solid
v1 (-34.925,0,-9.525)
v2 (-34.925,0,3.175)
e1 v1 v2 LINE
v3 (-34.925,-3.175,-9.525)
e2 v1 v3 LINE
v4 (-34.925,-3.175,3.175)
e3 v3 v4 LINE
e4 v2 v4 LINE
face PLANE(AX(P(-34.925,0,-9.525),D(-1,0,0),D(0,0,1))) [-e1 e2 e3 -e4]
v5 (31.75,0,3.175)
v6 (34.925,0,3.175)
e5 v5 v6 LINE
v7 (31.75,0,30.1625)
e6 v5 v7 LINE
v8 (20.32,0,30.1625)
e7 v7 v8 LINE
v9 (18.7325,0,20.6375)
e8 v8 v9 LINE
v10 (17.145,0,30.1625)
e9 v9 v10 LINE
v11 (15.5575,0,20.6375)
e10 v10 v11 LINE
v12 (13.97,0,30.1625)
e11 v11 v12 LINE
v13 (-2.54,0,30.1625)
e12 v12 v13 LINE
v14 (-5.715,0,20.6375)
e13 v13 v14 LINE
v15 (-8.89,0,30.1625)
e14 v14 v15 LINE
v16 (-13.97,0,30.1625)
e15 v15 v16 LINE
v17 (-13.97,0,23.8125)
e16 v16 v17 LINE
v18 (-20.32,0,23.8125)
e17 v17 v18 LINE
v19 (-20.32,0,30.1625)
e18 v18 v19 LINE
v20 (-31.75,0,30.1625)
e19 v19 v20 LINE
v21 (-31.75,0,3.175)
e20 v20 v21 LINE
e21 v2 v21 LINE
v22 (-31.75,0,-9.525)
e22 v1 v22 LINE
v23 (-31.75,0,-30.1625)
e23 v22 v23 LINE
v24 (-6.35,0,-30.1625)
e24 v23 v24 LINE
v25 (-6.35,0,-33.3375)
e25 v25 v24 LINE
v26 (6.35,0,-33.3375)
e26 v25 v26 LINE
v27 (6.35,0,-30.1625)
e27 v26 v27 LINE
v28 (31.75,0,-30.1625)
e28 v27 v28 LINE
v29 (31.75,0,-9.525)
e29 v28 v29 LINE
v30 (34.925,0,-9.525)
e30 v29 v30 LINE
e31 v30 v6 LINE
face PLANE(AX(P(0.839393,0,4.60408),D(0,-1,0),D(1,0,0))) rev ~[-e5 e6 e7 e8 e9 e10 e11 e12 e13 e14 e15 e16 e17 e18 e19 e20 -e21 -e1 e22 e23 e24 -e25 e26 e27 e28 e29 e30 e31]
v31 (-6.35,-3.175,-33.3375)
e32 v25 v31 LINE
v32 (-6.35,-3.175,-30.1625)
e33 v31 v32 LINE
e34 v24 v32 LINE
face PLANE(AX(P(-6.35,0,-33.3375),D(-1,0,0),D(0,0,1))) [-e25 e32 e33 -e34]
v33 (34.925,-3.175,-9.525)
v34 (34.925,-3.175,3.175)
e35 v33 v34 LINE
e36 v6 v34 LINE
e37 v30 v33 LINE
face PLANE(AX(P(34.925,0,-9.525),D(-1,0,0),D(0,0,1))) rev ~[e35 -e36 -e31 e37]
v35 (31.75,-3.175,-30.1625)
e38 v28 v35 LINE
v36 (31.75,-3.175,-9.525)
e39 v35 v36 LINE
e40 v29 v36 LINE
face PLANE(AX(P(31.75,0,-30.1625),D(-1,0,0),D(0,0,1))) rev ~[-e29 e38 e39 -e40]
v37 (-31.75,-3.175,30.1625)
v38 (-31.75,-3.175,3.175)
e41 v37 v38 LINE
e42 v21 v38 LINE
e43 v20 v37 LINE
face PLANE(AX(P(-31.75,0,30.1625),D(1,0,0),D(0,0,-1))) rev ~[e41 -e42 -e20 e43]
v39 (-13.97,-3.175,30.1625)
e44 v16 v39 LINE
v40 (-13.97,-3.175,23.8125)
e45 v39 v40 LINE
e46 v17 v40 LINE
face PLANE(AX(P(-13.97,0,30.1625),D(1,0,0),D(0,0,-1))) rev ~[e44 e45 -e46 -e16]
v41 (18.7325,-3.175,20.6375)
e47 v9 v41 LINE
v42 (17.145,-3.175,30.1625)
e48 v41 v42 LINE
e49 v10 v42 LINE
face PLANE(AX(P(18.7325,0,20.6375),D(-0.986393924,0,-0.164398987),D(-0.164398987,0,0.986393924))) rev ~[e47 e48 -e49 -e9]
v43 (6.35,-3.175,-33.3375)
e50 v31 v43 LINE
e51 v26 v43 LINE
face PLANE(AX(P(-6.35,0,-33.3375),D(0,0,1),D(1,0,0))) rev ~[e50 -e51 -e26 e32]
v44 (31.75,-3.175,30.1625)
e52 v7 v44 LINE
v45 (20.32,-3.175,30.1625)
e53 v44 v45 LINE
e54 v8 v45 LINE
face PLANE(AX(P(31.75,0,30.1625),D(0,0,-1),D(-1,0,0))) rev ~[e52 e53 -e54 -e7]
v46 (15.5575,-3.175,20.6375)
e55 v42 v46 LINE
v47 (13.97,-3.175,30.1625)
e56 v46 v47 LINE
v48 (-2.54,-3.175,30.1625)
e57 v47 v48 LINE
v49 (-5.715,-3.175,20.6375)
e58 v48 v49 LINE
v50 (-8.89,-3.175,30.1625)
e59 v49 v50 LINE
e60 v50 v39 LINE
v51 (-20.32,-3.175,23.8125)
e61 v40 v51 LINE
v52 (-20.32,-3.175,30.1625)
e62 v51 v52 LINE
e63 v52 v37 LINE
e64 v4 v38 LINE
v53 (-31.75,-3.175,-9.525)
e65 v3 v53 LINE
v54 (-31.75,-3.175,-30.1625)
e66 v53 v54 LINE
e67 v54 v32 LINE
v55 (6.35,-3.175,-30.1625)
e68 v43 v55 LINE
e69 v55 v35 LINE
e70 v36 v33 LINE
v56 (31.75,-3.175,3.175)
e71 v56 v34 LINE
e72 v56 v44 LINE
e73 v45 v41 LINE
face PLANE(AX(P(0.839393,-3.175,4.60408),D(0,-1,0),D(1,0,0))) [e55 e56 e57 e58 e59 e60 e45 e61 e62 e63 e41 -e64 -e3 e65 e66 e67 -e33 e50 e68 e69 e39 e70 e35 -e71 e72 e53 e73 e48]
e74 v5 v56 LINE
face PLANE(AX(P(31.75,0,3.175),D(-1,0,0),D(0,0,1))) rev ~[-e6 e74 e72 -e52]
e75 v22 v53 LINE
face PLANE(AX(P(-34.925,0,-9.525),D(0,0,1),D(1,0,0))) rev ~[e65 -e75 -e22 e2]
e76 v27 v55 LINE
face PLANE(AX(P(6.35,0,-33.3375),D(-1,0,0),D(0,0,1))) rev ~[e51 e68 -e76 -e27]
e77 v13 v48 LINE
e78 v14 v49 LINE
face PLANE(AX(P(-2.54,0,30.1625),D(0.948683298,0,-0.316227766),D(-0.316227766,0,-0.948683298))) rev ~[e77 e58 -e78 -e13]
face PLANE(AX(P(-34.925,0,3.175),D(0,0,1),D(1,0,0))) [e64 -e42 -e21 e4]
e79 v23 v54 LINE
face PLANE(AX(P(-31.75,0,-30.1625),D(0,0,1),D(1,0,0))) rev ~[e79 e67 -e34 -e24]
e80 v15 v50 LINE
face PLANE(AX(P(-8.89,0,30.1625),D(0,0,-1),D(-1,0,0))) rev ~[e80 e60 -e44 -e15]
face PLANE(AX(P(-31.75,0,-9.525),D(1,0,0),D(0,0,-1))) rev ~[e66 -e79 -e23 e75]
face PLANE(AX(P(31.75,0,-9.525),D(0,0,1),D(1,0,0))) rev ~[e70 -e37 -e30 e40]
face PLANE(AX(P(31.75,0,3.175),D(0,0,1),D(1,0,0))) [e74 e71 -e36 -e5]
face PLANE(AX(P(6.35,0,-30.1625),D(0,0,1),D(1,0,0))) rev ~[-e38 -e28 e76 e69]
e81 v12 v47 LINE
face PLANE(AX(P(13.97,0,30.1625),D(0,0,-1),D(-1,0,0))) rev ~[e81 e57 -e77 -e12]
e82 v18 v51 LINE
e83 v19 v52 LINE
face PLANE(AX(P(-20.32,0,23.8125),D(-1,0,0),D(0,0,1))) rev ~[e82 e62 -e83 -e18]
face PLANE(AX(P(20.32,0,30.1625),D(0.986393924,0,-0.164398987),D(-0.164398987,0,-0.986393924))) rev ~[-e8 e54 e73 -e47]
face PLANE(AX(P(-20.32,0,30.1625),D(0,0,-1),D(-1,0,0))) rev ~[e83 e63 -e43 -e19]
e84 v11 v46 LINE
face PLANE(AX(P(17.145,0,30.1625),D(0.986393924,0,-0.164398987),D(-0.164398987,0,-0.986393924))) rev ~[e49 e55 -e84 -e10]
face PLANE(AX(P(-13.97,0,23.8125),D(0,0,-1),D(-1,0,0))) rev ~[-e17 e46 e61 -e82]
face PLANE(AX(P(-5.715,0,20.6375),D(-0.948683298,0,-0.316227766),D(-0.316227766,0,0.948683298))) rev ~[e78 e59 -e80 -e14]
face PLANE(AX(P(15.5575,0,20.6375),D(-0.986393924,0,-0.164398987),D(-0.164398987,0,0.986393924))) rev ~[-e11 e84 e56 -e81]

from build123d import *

# Parameters (mm, degrees)
F0_W     = 3.175
F0_H     = 12.7
F0_W_2   = 12.7
F0_H_2   = 3.175
F1_DEPTH = 3.175


with BuildPart() as f1:
    # F0 (on Front) → F1 (new body)
    with BuildSketch(Plane.XZ):
        Polygon((-20.32, 30.1625), (-31.75, 30.1625), (-31.75, 3.175), (-31.75, -9.525), (-31.75, -30.1625), (-6.35, -30.1625), (6.35, -30.1625), (31.75, -30.1625), (31.75, -9.525), (31.75, 3.175), (31.75, 30.1625), (20.32, 30.1625), (18.7325, 20.6375), (17.145, 30.1625), (15.5575, 20.6375), (13.97, 30.1625), (-2.54, 30.1625), (-5.715, 20.6375), (-8.89, 30.1625), (-13.97, 30.1625), (-13.97, 23.8125), (-20.32, 23.8125), align=None)
        with Locations((33.3375, -3.175)):
            Rectangle(F0_W, F0_H)
        with Locations((0, -31.75)):
            Rectangle(F0_W_2, F0_H_2)
        with Locations((-33.3375, -3.175)):
            Rectangle(F0_W, F0_H)
    extrude(amount=F1_DEPTH)


solid = f1.part
